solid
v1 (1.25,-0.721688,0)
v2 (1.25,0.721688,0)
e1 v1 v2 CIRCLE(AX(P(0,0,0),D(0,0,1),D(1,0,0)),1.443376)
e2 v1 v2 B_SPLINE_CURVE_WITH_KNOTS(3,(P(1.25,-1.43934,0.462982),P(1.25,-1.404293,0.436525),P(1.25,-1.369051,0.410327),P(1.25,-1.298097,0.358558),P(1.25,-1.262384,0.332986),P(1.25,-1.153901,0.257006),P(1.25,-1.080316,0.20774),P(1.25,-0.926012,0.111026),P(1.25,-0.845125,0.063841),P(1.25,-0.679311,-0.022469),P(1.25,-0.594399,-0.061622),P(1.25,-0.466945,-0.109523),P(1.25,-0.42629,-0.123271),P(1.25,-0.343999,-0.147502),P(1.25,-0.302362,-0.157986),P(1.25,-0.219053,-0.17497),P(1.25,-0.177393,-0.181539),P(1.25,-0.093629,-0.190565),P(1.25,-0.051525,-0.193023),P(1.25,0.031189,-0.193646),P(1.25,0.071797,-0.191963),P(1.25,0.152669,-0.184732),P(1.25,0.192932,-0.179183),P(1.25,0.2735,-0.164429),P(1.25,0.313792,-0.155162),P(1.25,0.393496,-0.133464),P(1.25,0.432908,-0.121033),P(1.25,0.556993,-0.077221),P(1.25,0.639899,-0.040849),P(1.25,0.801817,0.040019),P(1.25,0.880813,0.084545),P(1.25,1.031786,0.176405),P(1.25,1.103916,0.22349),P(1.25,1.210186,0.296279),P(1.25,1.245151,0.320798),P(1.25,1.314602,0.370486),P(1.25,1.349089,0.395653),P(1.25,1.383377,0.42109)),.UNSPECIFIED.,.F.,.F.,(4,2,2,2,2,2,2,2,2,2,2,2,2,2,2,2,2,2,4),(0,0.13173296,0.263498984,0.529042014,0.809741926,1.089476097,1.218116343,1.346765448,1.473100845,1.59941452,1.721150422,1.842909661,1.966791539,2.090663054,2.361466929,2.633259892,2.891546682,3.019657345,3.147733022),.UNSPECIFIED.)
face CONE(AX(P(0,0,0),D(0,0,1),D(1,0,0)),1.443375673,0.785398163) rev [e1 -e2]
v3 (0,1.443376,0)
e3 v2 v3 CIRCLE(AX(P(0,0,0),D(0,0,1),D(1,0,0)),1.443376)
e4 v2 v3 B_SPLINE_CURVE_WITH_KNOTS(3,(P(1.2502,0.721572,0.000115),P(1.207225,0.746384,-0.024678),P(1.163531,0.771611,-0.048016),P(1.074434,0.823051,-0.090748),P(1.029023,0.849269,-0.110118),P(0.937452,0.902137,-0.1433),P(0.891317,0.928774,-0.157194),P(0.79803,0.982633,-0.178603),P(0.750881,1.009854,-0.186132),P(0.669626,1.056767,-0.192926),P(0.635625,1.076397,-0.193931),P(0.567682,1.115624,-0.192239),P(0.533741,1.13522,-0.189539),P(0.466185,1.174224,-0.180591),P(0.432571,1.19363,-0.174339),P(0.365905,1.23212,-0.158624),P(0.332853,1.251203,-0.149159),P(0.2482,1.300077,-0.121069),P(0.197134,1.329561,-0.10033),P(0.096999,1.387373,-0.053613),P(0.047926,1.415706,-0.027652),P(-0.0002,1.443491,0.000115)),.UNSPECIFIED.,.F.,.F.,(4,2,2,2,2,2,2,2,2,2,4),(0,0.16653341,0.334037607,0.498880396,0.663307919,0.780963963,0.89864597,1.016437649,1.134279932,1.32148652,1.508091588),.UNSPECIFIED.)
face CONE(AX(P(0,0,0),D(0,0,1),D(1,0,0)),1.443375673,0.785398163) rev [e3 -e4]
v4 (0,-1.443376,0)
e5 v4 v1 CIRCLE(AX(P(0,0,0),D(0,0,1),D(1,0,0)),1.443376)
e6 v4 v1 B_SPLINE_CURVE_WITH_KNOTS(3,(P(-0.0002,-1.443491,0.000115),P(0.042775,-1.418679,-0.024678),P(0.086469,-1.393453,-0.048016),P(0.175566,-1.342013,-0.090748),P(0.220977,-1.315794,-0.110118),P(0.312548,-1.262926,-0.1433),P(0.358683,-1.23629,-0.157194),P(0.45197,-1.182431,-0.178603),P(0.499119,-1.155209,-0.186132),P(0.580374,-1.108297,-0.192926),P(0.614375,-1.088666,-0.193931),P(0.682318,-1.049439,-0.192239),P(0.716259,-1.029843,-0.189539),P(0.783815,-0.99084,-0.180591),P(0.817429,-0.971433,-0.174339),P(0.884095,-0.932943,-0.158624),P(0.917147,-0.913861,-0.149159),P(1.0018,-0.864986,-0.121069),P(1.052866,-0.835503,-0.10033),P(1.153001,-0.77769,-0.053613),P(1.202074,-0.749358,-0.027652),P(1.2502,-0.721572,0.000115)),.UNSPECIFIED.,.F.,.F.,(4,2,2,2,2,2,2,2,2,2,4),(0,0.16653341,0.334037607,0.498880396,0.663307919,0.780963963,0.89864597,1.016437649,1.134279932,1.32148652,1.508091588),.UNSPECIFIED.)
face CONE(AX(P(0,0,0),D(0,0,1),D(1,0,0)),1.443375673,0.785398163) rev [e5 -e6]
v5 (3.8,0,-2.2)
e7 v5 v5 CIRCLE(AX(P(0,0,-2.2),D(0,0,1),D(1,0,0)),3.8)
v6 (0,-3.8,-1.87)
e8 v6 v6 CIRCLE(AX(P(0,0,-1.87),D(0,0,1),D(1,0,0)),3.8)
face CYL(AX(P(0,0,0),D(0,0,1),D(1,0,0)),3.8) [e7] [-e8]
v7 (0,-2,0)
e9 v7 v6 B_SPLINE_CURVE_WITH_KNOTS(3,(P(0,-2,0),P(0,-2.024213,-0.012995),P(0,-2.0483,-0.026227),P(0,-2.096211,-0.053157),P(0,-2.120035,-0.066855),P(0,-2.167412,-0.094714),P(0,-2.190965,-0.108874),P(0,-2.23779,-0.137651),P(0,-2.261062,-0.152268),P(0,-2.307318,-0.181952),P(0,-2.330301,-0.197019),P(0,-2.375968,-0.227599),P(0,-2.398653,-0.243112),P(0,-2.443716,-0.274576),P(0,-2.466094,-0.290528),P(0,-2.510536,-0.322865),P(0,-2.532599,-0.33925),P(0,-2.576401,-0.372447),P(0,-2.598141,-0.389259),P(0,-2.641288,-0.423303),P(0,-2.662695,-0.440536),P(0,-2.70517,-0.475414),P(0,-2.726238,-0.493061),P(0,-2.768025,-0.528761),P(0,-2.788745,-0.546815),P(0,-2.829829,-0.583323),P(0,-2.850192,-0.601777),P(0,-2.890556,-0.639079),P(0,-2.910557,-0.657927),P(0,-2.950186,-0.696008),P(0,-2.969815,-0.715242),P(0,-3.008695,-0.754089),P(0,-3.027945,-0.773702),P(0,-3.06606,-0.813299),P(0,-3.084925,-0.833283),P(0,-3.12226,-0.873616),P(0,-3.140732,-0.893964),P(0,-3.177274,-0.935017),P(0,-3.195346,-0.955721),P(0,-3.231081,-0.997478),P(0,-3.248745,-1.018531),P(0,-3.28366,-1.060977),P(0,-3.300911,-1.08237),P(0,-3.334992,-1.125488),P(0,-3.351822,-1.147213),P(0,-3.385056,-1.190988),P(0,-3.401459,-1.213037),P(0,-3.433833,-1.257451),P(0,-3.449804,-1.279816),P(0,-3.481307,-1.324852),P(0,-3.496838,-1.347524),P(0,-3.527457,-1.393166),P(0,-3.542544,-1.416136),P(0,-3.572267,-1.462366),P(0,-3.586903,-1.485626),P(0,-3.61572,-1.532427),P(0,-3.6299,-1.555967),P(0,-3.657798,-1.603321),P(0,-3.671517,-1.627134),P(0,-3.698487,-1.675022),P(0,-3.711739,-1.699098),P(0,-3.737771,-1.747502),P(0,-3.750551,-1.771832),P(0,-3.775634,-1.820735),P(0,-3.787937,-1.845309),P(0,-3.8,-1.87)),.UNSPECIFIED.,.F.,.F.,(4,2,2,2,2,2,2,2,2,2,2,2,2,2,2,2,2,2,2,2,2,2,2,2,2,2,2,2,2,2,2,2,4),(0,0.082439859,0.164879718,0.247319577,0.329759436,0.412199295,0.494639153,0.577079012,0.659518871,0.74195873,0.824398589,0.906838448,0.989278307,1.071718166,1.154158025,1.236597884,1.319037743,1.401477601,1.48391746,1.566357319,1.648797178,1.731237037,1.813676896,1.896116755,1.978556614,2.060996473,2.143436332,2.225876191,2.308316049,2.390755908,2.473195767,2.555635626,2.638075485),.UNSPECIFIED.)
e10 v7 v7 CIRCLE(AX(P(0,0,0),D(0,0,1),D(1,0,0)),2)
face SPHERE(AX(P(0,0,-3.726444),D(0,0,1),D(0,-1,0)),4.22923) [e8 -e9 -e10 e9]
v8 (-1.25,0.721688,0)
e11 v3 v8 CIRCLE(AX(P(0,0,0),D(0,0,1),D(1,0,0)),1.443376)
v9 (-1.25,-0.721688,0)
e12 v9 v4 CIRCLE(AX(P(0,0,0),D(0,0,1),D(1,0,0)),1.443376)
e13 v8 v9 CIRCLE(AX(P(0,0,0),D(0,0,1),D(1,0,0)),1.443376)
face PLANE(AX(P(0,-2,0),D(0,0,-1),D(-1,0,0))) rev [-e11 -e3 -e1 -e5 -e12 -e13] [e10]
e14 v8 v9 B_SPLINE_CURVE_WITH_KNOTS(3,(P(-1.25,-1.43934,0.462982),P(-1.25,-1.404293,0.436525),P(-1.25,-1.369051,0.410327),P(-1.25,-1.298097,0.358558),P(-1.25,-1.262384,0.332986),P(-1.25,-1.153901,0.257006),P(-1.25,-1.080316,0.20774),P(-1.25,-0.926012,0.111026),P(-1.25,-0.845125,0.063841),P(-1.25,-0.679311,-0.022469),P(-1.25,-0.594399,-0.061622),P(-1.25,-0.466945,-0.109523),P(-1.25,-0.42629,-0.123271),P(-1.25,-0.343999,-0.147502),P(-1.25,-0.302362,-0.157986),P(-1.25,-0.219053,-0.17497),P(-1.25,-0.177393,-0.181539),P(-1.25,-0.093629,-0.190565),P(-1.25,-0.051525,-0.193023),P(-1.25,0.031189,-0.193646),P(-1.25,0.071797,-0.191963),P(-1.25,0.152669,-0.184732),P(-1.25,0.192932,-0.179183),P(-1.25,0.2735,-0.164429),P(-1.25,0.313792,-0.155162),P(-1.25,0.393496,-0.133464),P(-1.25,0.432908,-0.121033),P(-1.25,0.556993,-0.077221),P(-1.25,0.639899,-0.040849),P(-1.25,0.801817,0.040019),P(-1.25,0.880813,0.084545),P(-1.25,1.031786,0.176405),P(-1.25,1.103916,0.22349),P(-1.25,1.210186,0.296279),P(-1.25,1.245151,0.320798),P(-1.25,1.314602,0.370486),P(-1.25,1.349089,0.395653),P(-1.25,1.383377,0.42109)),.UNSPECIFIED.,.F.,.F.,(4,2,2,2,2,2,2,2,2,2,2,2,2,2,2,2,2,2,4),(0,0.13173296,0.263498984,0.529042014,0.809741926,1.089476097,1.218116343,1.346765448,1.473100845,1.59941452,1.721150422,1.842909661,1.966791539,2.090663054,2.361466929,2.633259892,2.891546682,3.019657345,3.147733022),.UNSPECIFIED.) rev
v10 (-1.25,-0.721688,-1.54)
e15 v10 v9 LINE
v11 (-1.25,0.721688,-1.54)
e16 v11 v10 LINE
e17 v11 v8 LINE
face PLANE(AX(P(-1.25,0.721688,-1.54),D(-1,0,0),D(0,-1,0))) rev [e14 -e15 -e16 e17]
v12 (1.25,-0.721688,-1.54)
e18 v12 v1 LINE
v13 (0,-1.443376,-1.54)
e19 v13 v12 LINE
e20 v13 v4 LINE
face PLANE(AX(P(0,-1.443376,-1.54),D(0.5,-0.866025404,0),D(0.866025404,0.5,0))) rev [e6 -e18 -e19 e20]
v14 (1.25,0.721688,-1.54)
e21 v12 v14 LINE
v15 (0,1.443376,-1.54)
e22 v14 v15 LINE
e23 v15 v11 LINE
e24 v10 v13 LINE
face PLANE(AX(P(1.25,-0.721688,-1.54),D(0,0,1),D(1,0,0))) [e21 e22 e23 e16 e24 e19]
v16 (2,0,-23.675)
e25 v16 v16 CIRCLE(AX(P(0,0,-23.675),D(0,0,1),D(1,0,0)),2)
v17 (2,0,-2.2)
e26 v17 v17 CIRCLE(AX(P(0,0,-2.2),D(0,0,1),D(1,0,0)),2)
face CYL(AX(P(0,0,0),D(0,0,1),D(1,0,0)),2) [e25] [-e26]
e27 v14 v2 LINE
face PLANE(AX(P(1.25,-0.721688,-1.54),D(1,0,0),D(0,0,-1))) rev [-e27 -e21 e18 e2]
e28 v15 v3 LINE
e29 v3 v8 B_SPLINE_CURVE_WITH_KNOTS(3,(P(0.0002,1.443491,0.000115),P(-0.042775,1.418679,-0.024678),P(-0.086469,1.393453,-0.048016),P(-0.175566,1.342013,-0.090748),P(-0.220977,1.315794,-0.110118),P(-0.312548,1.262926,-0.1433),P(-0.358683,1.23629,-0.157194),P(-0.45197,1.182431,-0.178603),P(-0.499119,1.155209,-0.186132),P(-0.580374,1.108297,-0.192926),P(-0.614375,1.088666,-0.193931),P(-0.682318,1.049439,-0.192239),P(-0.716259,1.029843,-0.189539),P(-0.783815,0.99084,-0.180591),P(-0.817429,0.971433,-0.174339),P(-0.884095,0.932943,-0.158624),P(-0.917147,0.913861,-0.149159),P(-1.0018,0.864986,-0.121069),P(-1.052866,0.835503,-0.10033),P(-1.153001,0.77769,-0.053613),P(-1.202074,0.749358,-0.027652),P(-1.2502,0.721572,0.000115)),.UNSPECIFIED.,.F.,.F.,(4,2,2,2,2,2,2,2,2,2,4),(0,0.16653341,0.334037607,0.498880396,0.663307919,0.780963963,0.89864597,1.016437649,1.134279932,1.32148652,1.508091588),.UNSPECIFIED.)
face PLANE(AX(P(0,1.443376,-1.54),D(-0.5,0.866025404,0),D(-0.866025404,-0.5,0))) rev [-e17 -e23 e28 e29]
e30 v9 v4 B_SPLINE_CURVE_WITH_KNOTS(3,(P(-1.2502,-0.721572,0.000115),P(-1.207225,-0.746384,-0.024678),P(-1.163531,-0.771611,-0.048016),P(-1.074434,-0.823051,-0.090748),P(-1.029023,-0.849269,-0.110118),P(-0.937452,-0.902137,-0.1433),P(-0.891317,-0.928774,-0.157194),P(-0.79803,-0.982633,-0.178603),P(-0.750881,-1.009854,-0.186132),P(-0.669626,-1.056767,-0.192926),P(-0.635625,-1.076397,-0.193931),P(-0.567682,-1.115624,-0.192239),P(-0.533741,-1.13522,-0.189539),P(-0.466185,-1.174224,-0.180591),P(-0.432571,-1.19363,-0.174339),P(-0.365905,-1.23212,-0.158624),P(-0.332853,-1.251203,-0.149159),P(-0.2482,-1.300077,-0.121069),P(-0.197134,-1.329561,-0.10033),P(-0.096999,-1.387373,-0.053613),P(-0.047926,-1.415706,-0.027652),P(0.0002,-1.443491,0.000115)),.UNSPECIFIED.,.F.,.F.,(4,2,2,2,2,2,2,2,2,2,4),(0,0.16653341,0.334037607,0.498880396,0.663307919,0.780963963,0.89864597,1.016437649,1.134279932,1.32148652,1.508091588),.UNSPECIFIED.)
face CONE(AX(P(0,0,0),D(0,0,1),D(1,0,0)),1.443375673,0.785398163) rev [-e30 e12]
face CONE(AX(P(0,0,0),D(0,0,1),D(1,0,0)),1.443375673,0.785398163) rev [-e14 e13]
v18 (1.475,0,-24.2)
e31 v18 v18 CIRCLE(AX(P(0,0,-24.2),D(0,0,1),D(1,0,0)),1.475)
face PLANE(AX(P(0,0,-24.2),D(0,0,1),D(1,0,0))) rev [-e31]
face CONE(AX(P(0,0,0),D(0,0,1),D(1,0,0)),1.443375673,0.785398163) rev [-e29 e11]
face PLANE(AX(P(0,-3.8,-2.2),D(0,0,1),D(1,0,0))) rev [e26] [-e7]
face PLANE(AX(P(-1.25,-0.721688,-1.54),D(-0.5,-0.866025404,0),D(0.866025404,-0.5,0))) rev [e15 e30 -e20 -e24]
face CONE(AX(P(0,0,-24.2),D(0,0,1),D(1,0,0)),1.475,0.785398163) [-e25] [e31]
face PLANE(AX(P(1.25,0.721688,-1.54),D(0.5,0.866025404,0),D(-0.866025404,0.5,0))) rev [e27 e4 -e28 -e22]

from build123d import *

# Parameters (mm, degrees)
CUT_EXTRUDE2_DEPTH = 1.54


with BuildPart() as part:
    # Sketch10 → Revolve3 (revolve)
    with BuildSketch(Plane(origin=(0, 0, 0), x_dir=(0, 0, -1), z_dir=(1, 0, 0))):
        Polygon((23.675, 2), (24.2, 1.475), (24.2, 0), (2.2, 0), (2.2, 2), align=None)
    revolve(axis=Axis((0, 0, 0), (0, 0, -1)))

    # Sketch7 → Revolve2 (revolve)
    with BuildSketch(Plane(origin=(0, 0, 0), x_dir=(0, 0, -1), z_dir=(1, 0, 0))):
        with BuildLine():
            Line((1.87, 3.8), (2.2, 3.8))
            Line((2.2, 3.8), (2.2, 0))
            Line((2.2, 0), (0, 0))
            Line((0, 0), (0, 2))
            ThreePointArc((0, 2), (0.793500147, 3.047002626), (1.87, 3.8))
        make_face()
    revolve(axis=Axis((0, 0, 0), (0, 0, -1)))

    # Sketch5 → Cut-Extrude2 (cut)
    with BuildSketch(Plane.XY):
        Polygon((1.25, -0.721687836), (1.25, 0.721687836), (0, 1.443375673), (-1.25, 0.721687836), (-1.25, -0.721687836), (0, -1.443375673), align=None)
    extrude(amount=-CUT_EXTRUDE2_DEPTH, mode=Mode.SUBTRACT)

    # Cut-Extrude3 cone 1 section (through the dimple's axis) → Cut-Extrude3 (revolve, cut)
    with BuildSketch(Plane(origin=(0, 0, 0), x_dir=(0, -1, 0), z_dir=(1, 0, 0))):
        Polygon((0, 0), (1.443375673, 0), (0, 1.443375673), align=None)
    revolve(axis=Axis((0, 0, 0), (0, 0, -1)), mode=Mode.SUBTRACT)


solid = part.part
